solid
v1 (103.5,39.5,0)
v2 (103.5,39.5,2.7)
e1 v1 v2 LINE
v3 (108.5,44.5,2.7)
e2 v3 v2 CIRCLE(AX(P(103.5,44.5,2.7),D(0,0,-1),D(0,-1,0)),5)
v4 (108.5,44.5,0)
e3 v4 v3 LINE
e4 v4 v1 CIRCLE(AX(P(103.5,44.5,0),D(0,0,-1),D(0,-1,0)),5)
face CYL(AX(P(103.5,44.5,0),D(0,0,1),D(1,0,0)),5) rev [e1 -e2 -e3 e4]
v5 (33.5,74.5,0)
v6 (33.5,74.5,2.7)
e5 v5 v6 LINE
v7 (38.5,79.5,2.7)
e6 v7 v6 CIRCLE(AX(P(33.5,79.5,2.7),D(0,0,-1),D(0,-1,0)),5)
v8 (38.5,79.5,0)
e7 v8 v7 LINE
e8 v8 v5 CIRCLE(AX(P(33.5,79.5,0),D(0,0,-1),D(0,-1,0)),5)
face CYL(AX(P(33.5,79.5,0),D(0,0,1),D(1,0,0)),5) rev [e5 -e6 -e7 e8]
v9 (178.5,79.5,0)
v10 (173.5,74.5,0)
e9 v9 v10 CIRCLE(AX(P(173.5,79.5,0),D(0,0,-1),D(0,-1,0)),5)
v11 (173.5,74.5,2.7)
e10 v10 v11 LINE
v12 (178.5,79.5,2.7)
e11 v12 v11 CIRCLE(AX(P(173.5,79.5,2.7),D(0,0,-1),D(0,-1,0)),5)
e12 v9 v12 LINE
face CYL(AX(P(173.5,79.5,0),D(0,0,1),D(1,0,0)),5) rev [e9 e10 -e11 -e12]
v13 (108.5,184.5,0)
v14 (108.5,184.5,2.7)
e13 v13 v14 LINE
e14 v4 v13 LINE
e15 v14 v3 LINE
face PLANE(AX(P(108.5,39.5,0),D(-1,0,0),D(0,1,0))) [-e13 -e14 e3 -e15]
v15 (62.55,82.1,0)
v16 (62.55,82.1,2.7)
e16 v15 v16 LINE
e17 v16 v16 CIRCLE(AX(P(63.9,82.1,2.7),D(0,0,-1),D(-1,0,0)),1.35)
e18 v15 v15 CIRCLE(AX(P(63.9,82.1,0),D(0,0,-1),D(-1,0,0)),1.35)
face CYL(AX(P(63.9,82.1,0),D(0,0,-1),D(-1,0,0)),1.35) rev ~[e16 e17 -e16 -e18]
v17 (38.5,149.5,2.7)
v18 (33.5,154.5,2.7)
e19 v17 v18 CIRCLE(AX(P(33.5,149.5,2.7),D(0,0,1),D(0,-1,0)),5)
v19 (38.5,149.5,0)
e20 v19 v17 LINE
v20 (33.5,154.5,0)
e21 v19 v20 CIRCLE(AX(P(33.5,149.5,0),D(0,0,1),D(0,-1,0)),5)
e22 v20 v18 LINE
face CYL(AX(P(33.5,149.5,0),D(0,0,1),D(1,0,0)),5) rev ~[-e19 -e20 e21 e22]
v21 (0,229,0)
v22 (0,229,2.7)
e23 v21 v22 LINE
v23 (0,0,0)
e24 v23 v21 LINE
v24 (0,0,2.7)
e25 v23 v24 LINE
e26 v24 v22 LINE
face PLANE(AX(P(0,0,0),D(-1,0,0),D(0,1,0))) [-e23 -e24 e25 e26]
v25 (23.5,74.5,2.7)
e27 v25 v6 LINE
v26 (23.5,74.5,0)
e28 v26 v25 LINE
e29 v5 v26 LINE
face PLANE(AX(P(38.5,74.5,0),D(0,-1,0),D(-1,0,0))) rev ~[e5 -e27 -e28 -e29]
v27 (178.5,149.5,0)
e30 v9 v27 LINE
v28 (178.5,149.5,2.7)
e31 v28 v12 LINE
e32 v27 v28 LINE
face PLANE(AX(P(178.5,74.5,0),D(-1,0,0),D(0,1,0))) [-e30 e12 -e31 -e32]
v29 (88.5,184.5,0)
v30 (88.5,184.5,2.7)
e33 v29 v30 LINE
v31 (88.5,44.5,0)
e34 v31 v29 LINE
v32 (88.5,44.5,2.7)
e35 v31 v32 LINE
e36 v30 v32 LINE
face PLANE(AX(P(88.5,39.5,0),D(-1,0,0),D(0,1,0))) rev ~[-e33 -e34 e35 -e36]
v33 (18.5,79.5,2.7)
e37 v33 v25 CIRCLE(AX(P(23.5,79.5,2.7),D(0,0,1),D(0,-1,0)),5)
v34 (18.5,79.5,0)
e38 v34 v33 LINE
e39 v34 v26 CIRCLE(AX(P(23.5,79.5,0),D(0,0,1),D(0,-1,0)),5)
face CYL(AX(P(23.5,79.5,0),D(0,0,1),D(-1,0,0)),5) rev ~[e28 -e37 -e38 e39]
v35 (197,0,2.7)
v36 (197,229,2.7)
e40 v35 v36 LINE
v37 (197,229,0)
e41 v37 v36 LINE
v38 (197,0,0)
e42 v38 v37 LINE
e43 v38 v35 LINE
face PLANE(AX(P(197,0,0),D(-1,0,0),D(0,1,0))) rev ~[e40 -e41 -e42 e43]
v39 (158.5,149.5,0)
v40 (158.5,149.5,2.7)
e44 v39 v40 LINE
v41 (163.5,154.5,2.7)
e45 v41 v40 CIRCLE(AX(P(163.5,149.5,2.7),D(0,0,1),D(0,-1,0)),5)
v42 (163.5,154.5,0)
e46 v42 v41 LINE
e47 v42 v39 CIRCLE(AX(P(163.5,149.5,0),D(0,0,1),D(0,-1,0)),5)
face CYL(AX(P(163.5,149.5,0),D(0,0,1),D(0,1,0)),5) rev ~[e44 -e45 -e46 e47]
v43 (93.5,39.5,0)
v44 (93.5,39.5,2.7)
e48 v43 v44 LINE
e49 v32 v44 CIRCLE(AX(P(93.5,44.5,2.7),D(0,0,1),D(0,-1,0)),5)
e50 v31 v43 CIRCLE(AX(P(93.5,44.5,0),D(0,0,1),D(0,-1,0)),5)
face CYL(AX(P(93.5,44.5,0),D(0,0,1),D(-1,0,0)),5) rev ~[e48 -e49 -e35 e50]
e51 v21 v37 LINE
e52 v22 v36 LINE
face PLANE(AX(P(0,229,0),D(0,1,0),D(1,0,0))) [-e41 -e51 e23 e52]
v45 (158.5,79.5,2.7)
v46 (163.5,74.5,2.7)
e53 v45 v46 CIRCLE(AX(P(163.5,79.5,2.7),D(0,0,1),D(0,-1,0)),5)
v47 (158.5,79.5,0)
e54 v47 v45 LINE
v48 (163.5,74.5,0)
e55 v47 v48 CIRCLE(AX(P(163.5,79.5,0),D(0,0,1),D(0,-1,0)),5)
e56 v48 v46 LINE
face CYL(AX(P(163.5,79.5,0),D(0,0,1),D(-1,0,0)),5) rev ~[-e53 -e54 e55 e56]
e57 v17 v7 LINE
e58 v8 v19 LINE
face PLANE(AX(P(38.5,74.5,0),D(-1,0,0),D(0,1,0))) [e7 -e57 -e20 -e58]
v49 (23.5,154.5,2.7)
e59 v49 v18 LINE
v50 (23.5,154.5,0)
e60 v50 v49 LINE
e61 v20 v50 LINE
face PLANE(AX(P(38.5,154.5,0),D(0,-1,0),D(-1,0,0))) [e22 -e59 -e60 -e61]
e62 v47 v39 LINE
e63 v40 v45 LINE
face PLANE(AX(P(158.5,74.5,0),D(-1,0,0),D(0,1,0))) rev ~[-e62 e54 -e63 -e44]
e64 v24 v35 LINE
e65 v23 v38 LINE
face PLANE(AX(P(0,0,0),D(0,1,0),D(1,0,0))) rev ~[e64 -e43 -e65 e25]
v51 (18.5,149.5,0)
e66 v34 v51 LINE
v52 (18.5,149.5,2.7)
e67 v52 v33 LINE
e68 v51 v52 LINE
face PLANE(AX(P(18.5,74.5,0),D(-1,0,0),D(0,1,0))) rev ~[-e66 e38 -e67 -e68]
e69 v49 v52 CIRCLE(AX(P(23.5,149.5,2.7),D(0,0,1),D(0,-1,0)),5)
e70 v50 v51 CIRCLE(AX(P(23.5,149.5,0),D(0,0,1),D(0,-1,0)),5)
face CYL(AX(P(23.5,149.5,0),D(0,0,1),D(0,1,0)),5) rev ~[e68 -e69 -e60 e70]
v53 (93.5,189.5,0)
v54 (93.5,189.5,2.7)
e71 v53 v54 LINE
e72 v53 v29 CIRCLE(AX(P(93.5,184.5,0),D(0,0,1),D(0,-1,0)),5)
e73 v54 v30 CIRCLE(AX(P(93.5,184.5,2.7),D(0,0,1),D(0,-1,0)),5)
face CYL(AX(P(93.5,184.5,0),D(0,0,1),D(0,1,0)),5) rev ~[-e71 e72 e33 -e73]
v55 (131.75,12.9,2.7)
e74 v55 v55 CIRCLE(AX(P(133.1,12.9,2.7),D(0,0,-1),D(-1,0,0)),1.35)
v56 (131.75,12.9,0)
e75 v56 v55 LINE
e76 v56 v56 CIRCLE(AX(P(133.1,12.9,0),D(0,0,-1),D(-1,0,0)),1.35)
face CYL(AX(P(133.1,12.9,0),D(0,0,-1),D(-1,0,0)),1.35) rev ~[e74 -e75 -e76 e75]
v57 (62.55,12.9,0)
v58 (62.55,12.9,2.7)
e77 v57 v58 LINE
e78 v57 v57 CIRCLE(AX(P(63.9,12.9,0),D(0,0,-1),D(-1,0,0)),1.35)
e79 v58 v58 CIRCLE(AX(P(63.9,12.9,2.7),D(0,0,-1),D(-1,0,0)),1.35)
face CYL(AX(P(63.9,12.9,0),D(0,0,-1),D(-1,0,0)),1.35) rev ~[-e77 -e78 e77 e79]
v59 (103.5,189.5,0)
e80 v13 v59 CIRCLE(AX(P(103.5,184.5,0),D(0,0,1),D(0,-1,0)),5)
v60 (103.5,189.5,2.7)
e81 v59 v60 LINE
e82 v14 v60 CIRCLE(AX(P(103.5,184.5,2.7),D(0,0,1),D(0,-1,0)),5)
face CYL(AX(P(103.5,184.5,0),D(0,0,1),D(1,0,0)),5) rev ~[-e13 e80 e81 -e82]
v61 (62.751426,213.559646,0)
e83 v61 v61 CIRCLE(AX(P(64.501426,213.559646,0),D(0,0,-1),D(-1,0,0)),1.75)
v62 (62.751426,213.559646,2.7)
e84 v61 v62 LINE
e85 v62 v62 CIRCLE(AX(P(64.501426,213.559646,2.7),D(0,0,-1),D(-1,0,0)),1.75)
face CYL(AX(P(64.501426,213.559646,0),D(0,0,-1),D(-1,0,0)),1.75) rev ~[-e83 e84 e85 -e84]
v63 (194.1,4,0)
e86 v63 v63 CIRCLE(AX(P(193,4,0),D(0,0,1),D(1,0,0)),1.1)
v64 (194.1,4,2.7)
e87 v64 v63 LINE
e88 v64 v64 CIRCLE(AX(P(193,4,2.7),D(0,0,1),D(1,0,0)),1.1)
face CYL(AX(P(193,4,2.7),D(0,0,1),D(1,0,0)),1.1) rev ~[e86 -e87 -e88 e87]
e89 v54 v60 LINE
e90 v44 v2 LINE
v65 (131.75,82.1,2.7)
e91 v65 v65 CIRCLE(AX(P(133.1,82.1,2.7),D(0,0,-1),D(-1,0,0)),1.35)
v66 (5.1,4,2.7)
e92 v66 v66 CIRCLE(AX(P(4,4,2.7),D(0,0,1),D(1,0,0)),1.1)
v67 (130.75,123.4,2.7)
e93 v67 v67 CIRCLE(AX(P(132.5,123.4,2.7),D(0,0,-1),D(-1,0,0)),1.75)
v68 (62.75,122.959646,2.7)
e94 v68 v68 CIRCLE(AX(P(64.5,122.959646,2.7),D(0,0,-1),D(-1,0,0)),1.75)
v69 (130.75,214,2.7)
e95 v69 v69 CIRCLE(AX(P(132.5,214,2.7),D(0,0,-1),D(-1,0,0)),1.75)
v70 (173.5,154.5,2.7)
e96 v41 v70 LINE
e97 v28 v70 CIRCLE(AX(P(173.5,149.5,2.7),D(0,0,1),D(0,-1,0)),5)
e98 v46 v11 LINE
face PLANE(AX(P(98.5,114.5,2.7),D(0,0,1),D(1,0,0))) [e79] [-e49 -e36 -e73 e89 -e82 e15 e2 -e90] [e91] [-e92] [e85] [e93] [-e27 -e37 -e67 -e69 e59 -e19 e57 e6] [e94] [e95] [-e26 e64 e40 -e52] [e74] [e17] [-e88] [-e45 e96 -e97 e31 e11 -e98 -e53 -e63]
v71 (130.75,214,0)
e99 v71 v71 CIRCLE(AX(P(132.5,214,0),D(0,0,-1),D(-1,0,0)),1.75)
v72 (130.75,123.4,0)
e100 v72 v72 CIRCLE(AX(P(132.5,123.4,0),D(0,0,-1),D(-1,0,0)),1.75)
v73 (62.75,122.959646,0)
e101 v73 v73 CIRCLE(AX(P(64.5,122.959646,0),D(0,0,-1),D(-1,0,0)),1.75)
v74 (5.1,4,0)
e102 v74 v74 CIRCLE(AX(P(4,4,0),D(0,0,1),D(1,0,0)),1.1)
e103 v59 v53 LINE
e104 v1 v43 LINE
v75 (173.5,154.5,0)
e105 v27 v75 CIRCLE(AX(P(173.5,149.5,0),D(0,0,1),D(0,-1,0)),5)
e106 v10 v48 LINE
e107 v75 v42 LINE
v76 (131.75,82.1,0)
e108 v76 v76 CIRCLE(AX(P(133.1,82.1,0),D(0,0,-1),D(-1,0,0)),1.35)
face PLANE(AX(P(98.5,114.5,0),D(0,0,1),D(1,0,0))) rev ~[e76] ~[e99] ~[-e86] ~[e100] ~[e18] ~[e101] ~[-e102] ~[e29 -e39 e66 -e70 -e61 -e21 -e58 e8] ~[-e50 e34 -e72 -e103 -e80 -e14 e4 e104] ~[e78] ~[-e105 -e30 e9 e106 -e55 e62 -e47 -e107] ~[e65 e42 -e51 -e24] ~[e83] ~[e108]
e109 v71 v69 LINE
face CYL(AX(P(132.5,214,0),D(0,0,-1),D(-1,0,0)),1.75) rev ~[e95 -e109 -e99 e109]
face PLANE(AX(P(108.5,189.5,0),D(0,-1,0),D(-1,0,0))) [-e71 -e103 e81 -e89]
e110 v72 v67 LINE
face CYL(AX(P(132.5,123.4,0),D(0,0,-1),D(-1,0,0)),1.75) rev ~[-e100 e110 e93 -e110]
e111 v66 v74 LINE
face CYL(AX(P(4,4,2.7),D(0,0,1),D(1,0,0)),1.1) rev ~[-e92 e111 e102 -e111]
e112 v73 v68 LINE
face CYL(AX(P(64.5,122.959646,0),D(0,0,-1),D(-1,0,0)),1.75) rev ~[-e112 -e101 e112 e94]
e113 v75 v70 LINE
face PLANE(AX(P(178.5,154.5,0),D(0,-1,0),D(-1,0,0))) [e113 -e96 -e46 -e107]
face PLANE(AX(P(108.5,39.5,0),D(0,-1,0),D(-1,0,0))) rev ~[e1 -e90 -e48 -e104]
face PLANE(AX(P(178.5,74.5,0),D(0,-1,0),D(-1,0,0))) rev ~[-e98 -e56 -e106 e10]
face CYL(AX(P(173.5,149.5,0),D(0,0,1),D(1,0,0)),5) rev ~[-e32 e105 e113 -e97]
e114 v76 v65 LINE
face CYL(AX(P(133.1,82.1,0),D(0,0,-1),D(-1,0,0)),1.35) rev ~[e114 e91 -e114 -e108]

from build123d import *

# Parameters (mm, degrees)
SKETCH_1_W          = 197
SKETCH_1_H          = 229
EXTRUDE_1_DEPTH     = 2.7
SKETCH_2_R          = 1.1
CUT_EXTRUDE_1_DEPTH = 2.85
SKETCH_3_R          = 1.35
CUT_EXTRUDE_2_DEPTH = 9
SKETCH_5_R          = 1.75
CUT_EXTRUDE_3_DEPTH = 10
SKETCH_6_W          = 20
SKETCH_6_H          = 80
SKETCH_6_H_2        = 150
CUT_EXTRUDE_4_DEPTH = 10
FILLET_1_R          = 5


with BuildPart() as part:
    # 草图1 → 凸台-拉伸1 (new body)
    with BuildSketch(Plane.XY):
        with Locations((98.5, 114.5)):
            Rectangle(SKETCH_1_W, SKETCH_1_H)
    extrude(amount=EXTRUDE_1_DEPTH)

    # 草图2 → 切除-拉伸1 (cut)
    with BuildSketch(Plane.XY.offset(2.7)):
        with Locations((4, 4)):
            Circle(SKETCH_2_R)
        with Locations((193, 4)):
            Circle(SKETCH_2_R)
    extrude(amount=-CUT_EXTRUDE_1_DEPTH, mode=Mode.SUBTRACT)

    # 草图3 → 切除-拉伸2 (cut)
    with BuildSketch(Plane(origin=(0, 0, 0), x_dir=(-1, 0, 0), z_dir=(0, 0, -1))):
        with Locations((-133.1, 12.9)):
            Circle(SKETCH_3_R)
        with Locations((-133.1, 82.1)):
            Circle(SKETCH_3_R)
        with Locations((-63.9, 82.1)):
            Circle(SKETCH_3_R)
        with Locations((-63.9, 12.9)):
            Circle(SKETCH_3_R)
    extrude(amount=-CUT_EXTRUDE_2_DEPTH, mode=Mode.SUBTRACT)

    # 草图5 → 切除-拉伸3 (cut)
    with BuildSketch(Plane(origin=(0, 0, 0), x_dir=(-1, 0, 0), z_dir=(0, 0, -1))):
        with Locations((-132.5, 214)):
            Circle(SKETCH_5_R)
        with Locations((-64.501425834, 213.559646274)):
            Circle(SKETCH_5_R)
        with Locations((-132.5, 123.4)):
            Circle(SKETCH_5_R)
        with Locations((-64.5, 122.959646285)):
            Circle(SKETCH_5_R)
    extrude(amount=-CUT_EXTRUDE_3_DEPTH, mode=Mode.SUBTRACT)

    # 草图6 → 切除-拉伸4 (cut)
    with BuildSketch(Plane(origin=(0, 0, 0), x_dir=(-1, 0, 0), z_dir=(0, 0, -1))):
        with Locations((-168.5, 114.5)):
            Rectangle(SKETCH_6_W, SKETCH_6_H)
        with Locations((-28.5, 114.5)):
            Rectangle(SKETCH_6_W, SKETCH_6_H)
        with Locations((-98.5, 114.5)):
            Rectangle(SKETCH_6_W, SKETCH_6_H_2)
    extrude(amount=-CUT_EXTRUDE_4_DEPTH, mode=Mode.SUBTRACT)

    # 圆角1
    fillet_1_edges = [part.edges().sort_by_distance(p)[0] for p in [
        (178.5, 74.5, 1.35),
        (178.5, 154.5, 1.35),
        (158.5, 154.5, 1.35),
        (158.5, 74.5, 1.35),
        (38.5, 74.5, 1.35),
        (38.5, 154.5, 1.35),
        (18.5, 154.5, 1.35),
        (18.5, 74.5, 1.35),
        (108.5, 39.5, 1.35),
        (108.5, 189.5, 1.35),
        (88.5, 189.5, 1.35),
        (88.5, 39.5, 1.35),
    ]]
    fillet(fillet_1_edges, radius=FILLET_1_R)


solid = part.part
